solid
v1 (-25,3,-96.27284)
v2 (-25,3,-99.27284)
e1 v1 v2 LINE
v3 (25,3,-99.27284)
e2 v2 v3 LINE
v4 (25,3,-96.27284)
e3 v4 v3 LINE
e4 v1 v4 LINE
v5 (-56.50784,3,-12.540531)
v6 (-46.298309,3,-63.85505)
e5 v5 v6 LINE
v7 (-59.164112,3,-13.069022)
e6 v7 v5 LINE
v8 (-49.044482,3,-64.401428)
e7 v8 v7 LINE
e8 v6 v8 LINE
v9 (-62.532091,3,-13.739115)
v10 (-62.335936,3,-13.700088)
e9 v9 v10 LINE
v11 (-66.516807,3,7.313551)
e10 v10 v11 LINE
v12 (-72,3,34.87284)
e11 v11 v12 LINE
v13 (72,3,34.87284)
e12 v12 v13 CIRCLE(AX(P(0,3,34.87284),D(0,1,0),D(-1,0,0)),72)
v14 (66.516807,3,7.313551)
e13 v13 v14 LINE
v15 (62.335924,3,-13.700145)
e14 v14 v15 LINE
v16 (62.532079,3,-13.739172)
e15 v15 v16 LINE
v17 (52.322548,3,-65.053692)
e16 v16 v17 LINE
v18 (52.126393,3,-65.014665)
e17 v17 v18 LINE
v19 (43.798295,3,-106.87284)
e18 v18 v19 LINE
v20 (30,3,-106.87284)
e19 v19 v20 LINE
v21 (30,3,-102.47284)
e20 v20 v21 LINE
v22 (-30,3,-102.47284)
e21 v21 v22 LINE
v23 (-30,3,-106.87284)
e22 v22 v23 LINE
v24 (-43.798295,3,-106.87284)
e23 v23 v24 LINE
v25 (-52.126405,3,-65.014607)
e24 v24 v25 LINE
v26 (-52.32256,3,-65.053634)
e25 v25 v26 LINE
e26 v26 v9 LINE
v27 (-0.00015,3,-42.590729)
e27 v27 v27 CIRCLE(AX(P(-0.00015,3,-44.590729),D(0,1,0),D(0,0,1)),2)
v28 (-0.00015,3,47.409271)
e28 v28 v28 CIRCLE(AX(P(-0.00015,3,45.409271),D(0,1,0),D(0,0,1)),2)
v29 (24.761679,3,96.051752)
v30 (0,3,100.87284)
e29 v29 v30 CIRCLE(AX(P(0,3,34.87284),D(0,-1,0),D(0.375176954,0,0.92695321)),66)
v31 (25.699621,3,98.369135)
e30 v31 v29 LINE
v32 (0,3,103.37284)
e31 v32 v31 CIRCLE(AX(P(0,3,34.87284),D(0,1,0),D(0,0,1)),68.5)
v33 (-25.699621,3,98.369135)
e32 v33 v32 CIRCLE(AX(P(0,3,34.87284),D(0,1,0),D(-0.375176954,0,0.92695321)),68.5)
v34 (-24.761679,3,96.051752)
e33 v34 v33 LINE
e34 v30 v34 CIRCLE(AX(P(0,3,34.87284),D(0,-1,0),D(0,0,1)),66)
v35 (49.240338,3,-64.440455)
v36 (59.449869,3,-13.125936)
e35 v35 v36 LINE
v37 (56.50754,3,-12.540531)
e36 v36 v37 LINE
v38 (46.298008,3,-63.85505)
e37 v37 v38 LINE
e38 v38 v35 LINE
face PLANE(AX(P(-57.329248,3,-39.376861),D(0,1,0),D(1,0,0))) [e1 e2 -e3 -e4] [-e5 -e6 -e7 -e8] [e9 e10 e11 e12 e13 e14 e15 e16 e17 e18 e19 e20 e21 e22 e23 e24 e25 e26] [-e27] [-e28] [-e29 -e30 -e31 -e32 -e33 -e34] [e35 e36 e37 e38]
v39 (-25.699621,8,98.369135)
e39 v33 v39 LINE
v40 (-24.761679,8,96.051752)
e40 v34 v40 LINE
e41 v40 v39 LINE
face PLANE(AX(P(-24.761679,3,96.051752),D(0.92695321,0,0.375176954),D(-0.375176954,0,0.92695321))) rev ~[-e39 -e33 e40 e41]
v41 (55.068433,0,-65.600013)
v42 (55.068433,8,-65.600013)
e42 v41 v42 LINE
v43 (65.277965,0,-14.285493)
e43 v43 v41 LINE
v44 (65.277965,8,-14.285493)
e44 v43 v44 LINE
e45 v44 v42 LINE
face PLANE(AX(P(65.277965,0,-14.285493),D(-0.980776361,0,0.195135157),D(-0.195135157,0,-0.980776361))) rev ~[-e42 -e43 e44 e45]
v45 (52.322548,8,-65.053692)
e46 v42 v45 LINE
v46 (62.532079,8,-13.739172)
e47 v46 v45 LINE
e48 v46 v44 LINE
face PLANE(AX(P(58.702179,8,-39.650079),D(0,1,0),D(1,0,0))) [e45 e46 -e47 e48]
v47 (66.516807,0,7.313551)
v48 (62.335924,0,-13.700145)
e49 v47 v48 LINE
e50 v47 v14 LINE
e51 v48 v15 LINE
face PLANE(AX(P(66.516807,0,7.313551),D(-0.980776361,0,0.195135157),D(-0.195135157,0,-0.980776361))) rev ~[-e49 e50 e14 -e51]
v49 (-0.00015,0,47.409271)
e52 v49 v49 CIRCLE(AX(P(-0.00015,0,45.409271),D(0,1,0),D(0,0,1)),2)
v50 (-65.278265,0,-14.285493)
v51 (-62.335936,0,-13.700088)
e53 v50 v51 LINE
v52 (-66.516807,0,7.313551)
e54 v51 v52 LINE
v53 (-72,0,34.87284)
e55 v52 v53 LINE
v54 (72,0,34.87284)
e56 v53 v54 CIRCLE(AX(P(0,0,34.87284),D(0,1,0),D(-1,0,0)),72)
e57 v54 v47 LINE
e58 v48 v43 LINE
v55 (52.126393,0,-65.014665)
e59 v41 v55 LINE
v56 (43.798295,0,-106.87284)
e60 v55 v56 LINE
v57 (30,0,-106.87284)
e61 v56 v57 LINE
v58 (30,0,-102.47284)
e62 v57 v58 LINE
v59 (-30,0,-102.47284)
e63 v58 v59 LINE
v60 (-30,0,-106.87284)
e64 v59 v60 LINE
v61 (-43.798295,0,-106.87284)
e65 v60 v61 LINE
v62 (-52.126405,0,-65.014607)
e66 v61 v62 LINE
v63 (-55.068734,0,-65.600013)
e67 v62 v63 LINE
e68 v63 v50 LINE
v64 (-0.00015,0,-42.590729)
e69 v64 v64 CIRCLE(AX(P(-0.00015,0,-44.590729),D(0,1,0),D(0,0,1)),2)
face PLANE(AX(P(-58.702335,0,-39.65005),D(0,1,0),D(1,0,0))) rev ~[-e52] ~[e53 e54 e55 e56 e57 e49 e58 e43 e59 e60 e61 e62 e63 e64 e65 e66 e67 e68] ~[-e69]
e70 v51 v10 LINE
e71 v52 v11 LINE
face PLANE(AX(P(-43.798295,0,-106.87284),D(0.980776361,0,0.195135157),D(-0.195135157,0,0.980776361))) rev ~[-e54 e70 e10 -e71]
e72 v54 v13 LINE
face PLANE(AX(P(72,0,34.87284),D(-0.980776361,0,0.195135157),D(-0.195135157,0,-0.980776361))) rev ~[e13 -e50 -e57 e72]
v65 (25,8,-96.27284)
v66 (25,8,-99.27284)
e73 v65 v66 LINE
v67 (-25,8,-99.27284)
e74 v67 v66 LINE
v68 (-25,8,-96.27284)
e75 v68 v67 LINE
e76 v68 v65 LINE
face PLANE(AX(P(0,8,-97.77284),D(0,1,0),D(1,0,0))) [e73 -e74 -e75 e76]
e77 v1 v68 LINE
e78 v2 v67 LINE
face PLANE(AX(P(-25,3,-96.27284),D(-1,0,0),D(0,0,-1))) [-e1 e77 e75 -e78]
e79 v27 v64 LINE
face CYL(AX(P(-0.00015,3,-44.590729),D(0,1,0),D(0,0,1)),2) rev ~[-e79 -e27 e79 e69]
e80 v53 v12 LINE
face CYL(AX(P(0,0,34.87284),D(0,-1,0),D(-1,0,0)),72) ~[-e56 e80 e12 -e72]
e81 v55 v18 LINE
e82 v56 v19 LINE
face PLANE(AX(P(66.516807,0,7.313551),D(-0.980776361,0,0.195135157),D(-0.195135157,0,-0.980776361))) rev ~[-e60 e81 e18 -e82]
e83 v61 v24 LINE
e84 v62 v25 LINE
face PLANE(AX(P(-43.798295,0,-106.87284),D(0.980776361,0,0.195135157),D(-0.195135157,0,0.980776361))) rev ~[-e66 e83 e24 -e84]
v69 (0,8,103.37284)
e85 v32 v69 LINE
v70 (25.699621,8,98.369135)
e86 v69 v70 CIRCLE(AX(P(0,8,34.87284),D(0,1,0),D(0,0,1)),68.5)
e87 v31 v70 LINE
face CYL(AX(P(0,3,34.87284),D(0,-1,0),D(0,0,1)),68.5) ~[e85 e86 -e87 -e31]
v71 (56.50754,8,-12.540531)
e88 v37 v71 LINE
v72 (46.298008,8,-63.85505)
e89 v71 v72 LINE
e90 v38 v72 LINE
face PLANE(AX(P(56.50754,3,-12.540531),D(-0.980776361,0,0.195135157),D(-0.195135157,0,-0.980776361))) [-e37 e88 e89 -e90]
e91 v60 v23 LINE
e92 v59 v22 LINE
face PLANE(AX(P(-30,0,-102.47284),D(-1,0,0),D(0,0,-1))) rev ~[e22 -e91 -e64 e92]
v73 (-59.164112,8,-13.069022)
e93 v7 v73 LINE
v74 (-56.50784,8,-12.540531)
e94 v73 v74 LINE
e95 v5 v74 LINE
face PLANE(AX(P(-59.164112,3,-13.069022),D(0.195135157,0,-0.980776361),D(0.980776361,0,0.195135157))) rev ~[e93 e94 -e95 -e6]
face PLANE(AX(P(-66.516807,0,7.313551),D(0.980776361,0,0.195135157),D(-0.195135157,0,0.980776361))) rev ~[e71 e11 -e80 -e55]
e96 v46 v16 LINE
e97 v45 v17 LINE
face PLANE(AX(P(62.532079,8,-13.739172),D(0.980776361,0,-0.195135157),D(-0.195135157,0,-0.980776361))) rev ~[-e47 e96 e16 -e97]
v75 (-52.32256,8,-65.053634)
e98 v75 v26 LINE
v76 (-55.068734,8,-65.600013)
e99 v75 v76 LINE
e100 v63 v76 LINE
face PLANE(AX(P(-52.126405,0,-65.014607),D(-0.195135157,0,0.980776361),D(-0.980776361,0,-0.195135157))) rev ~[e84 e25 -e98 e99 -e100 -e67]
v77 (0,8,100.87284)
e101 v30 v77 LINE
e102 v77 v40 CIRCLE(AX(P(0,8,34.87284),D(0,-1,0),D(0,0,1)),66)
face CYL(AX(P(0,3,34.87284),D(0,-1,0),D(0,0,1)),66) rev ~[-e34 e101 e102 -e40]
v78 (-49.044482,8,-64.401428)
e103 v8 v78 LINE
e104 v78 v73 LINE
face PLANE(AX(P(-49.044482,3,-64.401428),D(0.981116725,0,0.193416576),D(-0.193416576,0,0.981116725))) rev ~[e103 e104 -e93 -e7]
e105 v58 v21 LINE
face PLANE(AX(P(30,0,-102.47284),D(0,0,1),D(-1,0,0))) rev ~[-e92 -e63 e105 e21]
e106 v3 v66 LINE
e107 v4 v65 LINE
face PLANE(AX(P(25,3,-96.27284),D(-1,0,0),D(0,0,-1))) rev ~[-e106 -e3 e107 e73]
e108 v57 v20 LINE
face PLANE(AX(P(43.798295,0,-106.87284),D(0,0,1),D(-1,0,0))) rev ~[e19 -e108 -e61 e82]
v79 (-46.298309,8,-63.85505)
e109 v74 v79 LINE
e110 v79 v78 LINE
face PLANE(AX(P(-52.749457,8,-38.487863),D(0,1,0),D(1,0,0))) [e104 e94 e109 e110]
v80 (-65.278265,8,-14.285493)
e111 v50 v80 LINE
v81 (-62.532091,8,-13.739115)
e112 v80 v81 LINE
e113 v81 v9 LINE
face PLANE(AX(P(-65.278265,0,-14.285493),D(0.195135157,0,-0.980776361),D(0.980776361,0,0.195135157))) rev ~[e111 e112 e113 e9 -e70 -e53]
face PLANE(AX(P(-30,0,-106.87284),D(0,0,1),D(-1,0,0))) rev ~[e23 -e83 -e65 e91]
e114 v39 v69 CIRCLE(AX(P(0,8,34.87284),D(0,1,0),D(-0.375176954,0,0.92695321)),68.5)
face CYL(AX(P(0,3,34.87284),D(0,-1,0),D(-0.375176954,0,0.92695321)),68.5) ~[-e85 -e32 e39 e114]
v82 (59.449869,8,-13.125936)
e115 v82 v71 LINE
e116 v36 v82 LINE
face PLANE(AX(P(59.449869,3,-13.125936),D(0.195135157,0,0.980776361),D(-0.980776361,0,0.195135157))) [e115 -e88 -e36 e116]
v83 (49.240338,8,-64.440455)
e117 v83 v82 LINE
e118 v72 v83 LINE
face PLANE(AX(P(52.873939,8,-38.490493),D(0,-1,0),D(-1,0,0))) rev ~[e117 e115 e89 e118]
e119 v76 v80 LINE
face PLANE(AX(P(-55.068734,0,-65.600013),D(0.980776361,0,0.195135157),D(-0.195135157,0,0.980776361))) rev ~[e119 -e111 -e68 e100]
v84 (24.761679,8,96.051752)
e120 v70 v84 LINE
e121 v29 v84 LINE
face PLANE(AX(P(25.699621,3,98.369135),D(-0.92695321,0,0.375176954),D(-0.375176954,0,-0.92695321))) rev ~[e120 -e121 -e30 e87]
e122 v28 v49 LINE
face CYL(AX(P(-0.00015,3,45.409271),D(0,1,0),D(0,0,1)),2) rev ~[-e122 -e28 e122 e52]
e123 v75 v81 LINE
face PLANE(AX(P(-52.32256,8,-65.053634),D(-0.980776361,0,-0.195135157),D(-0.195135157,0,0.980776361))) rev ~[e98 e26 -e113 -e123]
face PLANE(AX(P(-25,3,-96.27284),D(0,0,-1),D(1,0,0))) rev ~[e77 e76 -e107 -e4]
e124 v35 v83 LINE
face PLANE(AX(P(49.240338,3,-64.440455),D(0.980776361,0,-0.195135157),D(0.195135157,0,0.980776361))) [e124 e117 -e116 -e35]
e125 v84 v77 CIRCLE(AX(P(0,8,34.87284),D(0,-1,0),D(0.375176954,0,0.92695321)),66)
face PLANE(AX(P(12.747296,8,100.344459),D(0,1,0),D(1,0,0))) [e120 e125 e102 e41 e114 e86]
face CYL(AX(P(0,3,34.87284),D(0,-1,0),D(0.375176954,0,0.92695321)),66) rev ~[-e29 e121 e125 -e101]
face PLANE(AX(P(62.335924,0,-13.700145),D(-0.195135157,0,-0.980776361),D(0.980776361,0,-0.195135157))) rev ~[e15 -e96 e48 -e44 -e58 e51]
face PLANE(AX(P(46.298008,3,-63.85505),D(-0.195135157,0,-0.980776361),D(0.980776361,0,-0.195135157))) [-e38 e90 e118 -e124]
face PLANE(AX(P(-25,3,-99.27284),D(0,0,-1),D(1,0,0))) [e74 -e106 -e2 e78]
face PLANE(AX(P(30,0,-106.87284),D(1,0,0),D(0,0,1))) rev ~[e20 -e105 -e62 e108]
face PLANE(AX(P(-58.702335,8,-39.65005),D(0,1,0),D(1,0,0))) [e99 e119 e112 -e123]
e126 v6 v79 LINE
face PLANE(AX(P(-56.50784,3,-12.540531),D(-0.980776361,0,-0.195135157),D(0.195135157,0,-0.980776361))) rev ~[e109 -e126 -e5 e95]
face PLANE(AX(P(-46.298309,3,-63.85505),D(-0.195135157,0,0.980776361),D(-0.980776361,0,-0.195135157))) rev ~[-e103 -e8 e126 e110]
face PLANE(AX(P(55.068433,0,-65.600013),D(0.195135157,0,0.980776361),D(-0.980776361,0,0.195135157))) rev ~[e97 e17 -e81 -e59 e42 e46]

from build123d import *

# Parameters (mm, degrees)
SALIENTE_EXTRUIR1_DEPTH      = 3
SALIENTE_EXTRUIR3_DEPTH      = 5
CROQUIS5_W                   = 50
CROQUIS5_H                   = 3
SALIENTE_EXTRUIR4_DEPTH      = 5
SALIENTE_EXTRUIR6_DEPTH      = 5
SALIENTE_EXTRUIR7_DEPTH      = 5
SALIENTE_EXTRUIR7_DEPTH_BACK = 3
CORTAR_EXTRUIR2_DEPTH        = 5
CROQUIS11_R                  = 2
CORTAR_EXTRUIR3_DEPTH        = 5


with BuildPart() as part:
    # Croquis2 → Saliente-Extruir1 (new body)
    with BuildSketch(Plane(origin=(0, 0, 0), x_dir=(1, 0, 0), z_dir=(0, 1, 0))):
        with BuildLine():
            Line((-66.516806956, -7.313551242), (-72, -34.872839919))
            ThreePointArc((-72, -34.872839919), (0, -106.872839919), (72, -34.872839919))
            Line((72, -34.872839919), (66.516806956, -7.313551242))
            ThreePointArc((66.516806956, -7.313551242), (0, 37.127160081), (-66.516806956, -7.313551242))
        make_face()
        with BuildLine():
            Line((-43.798295131, 106.872839919), (-66.516806956, -7.313551242))
            ThreePointArc((-66.516806956, -7.313551242), (0, 37.127160081), (66.516806956, -7.313551242))
            Line((66.516806956, -7.313551242), (43.798295131, 106.872839919))
            Line((43.798295131, 106.872839919), (30, 106.872839919))
            Line((30, 106.872839919), (30, 102.472839919))
            Line((30, 102.472839919), (-30, 102.472839919))
            Line((-30, 102.472839919), (-30, 106.872839919))
            Line((-30, 106.872839919), (-43.798295131, 106.872839919))
        make_face()
    extrude(amount=SALIENTE_EXTRUIR1_DEPTH)

    # Croquis3 → Saliente-Extruir3 (add)
    with BuildSketch(Plane(origin=(0, 3, 0), x_dir=(1, 0, 0), z_dir=(0, 1, 0))):
        with BuildLine():
            Line((0, -100.872839919), (0, -103.372839919))
            ThreePointArc((0, -103.372839919), (13.091100059, -102.110278145), (25.699621359, -98.369134787))
            Line((25.699621359, -98.369134787), (24.761678974, -96.051751763))
            ThreePointArc((24.761678974, -96.051751763), (12.613322685, -99.656357042), (0, -100.872839919))
        make_face()
        with BuildLine():
            ThreePointArc((-25.699621359, -98.369134787), (-13.091100059, -102.110278145), (0, -103.372839919))
            Line((0, -103.372839919), (0, -100.872839919))
            ThreePointArc((0, -100.872839919), (-12.613322685, -99.656357042), (-24.761678974, -96.051751763))
            Line((-24.761678974, -96.051751763), (-25.699621359, -98.369134787))
        make_face()
    extrude(amount=SALIENTE_EXTRUIR3_DEPTH)

    # Croquis5 → Saliente-Extruir4 (add)
    with BuildSketch(Plane(origin=(0, 3, 0), x_dir=(1, 0, 0), z_dir=(0, 1, 0))):
        with Locations((0, 97.772839919)):
            Rectangle(CROQUIS5_W, CROQUIS5_H)
    extrude(amount=SALIENTE_EXTRUIR4_DEPTH)

    # Croquis6 → Saliente-Extruir6 (add)
    with BuildSketch(Plane(origin=(0, 3, 0), x_dir=(1, 0, 0), z_dir=(0, 1, 0))):
        Polygon((-46.298308612, 63.855049889), (-49.044482423, 64.401428328), (-59.164112379, 13.069022297), (-56.507839729, 12.540530583), align=None)
        Polygon((56.507539535, 12.540530583), (46.298008419, 63.855049889), (49.240337502, 64.440455359), (59.449868619, 13.125936053), align=None)
    extrude(amount=SALIENTE_EXTRUIR6_DEPTH)

    # Croquis8 → Saliente-Extruir7 (add, two sides: drawn at the far end of the back side and taken through both)
    with BuildSketch(Plane(origin=(0, 3, 0), x_dir=(1, 0, 0), z_dir=(0, 1, 0)).offset(-SALIENTE_EXTRUIR7_DEPTH_BACK)):
        Polygon((-65.278264707, 14.285493372), (-62.335935624, 13.700087901), (-52.126404507, 65.014607207), (-55.06873359, 65.600012678), align=None)
        Polygon((52.126393076, 65.014664659), (62.335924193, 13.700145353), (65.277964514, 14.285493372), (55.068433397, 65.600012678), align=None)
    extrude(amount=SALIENTE_EXTRUIR7_DEPTH + SALIENTE_EXTRUIR7_DEPTH_BACK)

    # Croquis9 → Cortar-Extruir2 (cut)
    with BuildSketch(Plane(origin=(0, 8, 0), x_dir=(1, 0, 0), z_dir=(0, 1, 0))):
        Polygon((62.335924193, 13.700145353), (62.532079465, 13.739172384), (52.322548348, 65.05369169), (52.126393076, 65.014664659), align=None)
        Polygon((-62.532090896, 13.739114932), (-62.335935624, 13.700087901), (-52.126404507, 65.014607207), (-52.322559779, 65.053634238), align=None)
    extrude(amount=-CORTAR_EXTRUIR2_DEPTH, mode=Mode.SUBTRACT)

    # Croquis11 → Cortar-Extruir3 (cut)
    with BuildSketch(Plane(origin=(0, 3, 0), x_dir=(1, 0, 0), z_dir=(0, 1, 0))):
        with Locations(Location((-0.000150097, 44.590728717, 0), (0, 0, 270))):
            Circle(CROQUIS11_R)
        with Locations(Location((-0.000150097, -45.409271283, 0), (0, 0, 270))):
            Circle(CROQUIS11_R)
    extrude(amount=-CORTAR_EXTRUIR3_DEPTH, mode=Mode.SUBTRACT)


solid = part.part
